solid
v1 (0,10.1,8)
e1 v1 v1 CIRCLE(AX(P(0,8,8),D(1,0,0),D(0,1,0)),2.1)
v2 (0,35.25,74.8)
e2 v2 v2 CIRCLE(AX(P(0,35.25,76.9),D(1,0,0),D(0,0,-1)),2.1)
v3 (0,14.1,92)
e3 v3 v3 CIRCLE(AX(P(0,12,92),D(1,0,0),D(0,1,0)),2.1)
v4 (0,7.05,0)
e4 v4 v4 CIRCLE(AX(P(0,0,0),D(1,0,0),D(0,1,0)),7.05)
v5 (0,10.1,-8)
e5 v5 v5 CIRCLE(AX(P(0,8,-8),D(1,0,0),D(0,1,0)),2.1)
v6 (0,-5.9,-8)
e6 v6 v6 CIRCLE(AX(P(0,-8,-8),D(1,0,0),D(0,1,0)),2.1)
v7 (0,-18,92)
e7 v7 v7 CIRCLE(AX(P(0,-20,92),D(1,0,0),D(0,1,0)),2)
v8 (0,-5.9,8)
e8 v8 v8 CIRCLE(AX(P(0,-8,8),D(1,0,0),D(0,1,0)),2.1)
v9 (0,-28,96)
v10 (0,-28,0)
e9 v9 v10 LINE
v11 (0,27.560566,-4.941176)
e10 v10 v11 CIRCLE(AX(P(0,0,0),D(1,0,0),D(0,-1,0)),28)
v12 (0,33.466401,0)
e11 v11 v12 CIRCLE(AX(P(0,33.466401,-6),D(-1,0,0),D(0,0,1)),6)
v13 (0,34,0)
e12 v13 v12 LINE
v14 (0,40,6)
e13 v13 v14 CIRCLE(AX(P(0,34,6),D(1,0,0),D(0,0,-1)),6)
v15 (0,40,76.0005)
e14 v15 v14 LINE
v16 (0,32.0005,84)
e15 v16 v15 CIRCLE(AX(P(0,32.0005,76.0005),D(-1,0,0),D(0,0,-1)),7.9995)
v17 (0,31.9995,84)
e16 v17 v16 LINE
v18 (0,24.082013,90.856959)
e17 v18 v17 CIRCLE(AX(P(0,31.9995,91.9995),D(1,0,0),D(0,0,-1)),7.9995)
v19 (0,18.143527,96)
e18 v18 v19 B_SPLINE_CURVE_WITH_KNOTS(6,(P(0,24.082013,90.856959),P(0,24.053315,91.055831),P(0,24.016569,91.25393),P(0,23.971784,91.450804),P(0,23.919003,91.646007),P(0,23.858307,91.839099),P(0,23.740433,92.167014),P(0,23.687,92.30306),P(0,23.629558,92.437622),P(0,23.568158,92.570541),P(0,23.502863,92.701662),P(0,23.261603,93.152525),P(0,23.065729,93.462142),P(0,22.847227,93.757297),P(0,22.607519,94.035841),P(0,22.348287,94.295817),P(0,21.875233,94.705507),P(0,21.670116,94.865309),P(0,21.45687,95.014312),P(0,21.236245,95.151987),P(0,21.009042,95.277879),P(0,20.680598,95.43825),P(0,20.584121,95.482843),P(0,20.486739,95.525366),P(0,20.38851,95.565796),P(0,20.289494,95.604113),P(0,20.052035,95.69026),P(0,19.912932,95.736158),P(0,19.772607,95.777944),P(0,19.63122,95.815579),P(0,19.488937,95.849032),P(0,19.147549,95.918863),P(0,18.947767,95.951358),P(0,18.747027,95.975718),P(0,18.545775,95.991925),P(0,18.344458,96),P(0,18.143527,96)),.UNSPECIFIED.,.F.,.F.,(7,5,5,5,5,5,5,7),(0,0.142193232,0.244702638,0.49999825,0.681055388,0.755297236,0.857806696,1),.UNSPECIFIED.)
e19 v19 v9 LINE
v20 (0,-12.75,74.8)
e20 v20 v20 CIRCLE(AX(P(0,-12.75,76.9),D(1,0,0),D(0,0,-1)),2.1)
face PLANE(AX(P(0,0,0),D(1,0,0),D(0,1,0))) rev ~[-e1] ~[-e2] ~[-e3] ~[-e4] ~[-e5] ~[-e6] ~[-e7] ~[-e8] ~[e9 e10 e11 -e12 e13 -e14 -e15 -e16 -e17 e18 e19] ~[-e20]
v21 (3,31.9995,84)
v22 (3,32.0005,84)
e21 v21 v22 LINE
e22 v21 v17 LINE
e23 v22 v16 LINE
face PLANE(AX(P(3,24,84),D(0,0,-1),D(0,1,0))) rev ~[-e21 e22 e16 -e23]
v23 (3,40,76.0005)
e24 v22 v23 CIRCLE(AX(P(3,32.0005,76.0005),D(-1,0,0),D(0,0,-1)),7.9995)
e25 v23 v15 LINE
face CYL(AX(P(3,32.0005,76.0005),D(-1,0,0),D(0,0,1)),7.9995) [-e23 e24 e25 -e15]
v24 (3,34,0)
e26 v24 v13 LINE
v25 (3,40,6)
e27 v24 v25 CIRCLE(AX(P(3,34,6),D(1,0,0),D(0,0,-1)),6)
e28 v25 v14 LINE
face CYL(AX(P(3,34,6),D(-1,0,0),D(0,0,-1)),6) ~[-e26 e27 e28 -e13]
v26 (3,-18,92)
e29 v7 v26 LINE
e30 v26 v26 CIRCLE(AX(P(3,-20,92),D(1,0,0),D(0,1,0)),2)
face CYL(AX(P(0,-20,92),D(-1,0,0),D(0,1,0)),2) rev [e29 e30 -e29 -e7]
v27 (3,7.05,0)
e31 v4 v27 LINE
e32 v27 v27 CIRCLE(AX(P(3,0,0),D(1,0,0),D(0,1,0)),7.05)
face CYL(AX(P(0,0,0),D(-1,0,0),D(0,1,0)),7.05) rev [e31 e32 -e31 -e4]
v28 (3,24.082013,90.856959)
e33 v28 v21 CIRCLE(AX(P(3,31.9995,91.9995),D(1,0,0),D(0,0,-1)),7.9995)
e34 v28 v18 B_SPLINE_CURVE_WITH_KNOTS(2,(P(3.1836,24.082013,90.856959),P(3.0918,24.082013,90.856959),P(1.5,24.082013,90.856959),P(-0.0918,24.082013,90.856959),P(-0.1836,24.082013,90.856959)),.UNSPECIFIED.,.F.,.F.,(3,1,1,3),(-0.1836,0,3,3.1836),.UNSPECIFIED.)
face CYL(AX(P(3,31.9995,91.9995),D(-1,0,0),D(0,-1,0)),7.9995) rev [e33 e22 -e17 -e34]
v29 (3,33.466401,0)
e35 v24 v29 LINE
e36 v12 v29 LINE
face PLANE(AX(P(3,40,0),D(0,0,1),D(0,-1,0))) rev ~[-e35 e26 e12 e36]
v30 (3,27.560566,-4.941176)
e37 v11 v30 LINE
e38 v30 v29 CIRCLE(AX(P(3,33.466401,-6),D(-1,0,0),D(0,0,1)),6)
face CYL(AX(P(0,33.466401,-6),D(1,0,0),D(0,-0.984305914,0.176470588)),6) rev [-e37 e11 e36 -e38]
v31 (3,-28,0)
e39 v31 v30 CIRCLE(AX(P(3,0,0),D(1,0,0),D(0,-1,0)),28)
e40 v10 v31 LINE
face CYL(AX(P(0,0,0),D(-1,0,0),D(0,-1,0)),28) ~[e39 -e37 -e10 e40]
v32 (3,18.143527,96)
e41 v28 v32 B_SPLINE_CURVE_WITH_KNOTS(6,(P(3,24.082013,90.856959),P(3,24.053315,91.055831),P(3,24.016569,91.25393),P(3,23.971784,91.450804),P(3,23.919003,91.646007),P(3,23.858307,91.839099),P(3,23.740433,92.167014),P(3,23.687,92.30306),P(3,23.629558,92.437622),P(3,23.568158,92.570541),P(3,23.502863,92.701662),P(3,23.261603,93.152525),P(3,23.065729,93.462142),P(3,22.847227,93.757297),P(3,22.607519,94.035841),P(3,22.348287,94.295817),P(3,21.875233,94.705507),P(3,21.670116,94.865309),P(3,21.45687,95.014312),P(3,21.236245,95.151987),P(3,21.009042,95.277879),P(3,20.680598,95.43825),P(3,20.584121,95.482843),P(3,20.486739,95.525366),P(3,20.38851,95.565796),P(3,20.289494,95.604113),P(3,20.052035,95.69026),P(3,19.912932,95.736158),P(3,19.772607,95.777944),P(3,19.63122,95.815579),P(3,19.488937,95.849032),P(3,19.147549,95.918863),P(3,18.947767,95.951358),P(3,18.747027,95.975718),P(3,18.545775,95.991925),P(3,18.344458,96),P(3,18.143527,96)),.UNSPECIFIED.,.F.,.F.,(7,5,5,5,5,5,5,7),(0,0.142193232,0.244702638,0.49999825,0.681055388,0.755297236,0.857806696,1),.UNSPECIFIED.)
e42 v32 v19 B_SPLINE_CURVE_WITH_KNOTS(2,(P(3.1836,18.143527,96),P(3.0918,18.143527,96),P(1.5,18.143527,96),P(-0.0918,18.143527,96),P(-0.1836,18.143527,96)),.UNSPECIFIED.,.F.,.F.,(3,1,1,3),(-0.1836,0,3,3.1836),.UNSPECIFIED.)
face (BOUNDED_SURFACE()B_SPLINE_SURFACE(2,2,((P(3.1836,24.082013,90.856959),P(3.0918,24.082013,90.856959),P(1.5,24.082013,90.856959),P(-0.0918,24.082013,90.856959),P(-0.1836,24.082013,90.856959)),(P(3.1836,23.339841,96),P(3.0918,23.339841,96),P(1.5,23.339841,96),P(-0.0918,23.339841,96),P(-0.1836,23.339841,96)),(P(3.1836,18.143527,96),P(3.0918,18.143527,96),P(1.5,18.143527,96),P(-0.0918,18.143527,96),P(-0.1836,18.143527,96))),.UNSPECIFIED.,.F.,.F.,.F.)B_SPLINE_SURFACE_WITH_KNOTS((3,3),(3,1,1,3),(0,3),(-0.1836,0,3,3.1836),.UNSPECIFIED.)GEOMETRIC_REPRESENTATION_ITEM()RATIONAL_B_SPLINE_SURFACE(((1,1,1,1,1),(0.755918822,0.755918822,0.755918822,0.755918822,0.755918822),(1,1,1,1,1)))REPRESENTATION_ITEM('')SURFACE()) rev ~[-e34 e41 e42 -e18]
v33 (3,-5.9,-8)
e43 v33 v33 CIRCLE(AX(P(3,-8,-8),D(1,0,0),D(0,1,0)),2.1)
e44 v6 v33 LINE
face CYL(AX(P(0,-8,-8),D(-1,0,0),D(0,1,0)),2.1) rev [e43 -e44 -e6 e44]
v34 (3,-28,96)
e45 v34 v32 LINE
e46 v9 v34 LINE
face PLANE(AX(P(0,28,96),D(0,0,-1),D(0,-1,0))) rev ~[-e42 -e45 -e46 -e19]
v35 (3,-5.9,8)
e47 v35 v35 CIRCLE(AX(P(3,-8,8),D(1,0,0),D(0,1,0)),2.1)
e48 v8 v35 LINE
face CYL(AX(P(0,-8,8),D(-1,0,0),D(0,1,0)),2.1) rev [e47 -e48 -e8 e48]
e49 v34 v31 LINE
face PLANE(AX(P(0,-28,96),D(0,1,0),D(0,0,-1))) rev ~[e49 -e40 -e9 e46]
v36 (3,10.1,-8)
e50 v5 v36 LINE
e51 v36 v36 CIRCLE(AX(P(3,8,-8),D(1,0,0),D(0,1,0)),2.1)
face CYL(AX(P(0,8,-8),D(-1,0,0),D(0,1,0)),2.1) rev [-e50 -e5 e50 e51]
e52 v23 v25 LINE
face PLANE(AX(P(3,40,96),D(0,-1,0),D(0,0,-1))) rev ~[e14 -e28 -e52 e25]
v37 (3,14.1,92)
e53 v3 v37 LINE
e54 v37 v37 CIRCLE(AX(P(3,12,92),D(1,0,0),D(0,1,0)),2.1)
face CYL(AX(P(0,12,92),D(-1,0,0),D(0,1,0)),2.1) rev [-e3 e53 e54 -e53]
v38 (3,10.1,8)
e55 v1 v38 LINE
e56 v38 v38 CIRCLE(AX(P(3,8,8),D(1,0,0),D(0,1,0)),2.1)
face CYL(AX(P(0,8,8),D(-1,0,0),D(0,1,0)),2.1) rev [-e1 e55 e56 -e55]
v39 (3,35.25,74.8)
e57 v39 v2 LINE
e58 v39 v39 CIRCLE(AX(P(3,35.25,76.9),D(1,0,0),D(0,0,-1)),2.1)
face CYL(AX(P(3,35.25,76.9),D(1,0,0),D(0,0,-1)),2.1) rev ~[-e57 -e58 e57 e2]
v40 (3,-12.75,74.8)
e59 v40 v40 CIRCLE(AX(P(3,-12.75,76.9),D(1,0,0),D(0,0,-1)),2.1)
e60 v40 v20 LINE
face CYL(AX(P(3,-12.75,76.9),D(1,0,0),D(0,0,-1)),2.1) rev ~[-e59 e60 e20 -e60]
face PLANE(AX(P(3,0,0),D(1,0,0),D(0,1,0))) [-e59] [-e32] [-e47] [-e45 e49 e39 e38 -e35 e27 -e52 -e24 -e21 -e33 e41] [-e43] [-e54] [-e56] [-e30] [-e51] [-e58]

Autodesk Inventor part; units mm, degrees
ref_plane "YZ Plane" through (0, 0, 0) normal (1, 0, 0) x (0, 1, 0)
ref_plane "XZ Plane" through (0, 0, 0) normal (0, 1, 0) x (-1, 0, 0)
ref_plane "XY Plane" through (0, 0, 0) normal (0, 0, 1) x (1, 0, 0)
sketch "Sketch1" plane through (0, 0, 0) normal (1, 0, 0) x (0, 1, 0)
  arc A0 (-28, 0) -> (28, 0) centre (0, 0) ccw
  line L0 (-28, 0) -> (28, 0) construction
  line L1 (28, 0) -> (28, 96)
  line L2 (28, 96) -> (-28, 96)
  line L3 (-28, 96) -> (-28, 0)
  circle A1 centre (0, 0) radius 7.05
  circle A2 centre (8, 8) radius 2.1
  circle A3 centre (-8, 8) radius 2.1
  circle A4 centre (-8, -8) radius 2.1
  circle A5 centre (8, -8) radius 2.1
  circle A6 centre (12, 92) radius 2.1
  line L4 (0, 96) -> (0, 0) construction
  circle A7 centre (-20, 92) radius 2
  dimension "d0" = 28
  dimension "d1" = 96
  dimension "d2" = 14.1
  dimension "d3" = 4.2
  dimension "d4" = 8
  dimension "d5" = 8
  dimension "d8" = 360
  dimension "d10" = 4.2
  dimension "d11" = 12
  dimension "d12" = 4
  dimension "d43" = 4
  dimension "d44" = 32
extrude "Extrusion1" add sketch "Sketch1" along normal blind 3
sketch "Sketch2" plane through (3, 0, 0) normal (1, 0, 0) x (0, 0, -1)
  line L0 (-76.9, 35.5) -> (-76.9, -13) construction
  line L1 (-76.9, -13) -> (-76.9, 0) construction
  line L2 (-79.4, 35.25) -> (-74.4, 35.25) construction
  line L3 (-74.4, 35.25) -> (-74.4, -12.75) construction
  line L4 (-74.4, -12.75) -> (-79.4, -12.75) construction
  line L5 (-79.4, -12.75) -> (-79.4, 35.25) construction
  line L6 (-79.4, 35.25) -> (-74.4, -12.75) construction
  line L7 (-74.4, 35.25) -> (-79.4, -12.75) construction
  line L8 (0, 28) -> (-96, 28) projected
  line L9 (-96, 28) -> (-96, 40)
  line L10 (-96, 40) -> (0, 40)
  line L11 (0, 40) -> (0, 28)
  circle A0 centre (-76.9, 35.25) radius 2.1
  circle A1 centre (-76.9, -12.75) radius 2.1
  circle A2 centre (-92, 12) radius 2.1 projected
  point P0 (0, 0)
  point P1 (-76.9, 11.25)
  dimension "d17" = 48.5
  dimension "d18" = 13
  dimension "d19" = 5
  dimension "d20" = 48
  dimension "d22" = 12
  dimension "d24" = 4.2
  dimension "d31" = 4.2
  dimension "d34" = 15.1
extrude "Extrusion2" add sketch "Sketch2" against normal up to surface (3 mm away) contours L8 L9 L10 L11
fillet "Fillet1" radius 6 1 edges at (1.5, 28, 0)
fillet "Fillet2" radius 6 1 edges at (1.5, 40, 0)
extrude "Extrusion4" cut sketch "Sketch2" against normal through all contours A1
sketch "Sketch3" plane through (3, 0, 0) normal (1, 0, 0) x (0, 0, -1)
  line L0 (-96, -28) -> (-96, 40) projected
  line L1 (-6, 40) -> (-96, 40) projected
  line L2 (-96, 24) -> (-84, 24)
  line L3 (-84, 24) -> (-84, 40)
  point P0 (0, 0)
  dimension "d37" = 12
  dimension "d38" = 16
extrude "Extrusion5" cut sketch "Sketch3" against normal through all
fillet "Fillet3" radius 8 2 edges at (1.5, 24, 84) (1.5, 40, 84)
fillet "Fillet4" radius 6 1 edges at (1.5, 24, 96)
properties part number "EndEffectorStage1Plate" material "Aluminum 6061"
